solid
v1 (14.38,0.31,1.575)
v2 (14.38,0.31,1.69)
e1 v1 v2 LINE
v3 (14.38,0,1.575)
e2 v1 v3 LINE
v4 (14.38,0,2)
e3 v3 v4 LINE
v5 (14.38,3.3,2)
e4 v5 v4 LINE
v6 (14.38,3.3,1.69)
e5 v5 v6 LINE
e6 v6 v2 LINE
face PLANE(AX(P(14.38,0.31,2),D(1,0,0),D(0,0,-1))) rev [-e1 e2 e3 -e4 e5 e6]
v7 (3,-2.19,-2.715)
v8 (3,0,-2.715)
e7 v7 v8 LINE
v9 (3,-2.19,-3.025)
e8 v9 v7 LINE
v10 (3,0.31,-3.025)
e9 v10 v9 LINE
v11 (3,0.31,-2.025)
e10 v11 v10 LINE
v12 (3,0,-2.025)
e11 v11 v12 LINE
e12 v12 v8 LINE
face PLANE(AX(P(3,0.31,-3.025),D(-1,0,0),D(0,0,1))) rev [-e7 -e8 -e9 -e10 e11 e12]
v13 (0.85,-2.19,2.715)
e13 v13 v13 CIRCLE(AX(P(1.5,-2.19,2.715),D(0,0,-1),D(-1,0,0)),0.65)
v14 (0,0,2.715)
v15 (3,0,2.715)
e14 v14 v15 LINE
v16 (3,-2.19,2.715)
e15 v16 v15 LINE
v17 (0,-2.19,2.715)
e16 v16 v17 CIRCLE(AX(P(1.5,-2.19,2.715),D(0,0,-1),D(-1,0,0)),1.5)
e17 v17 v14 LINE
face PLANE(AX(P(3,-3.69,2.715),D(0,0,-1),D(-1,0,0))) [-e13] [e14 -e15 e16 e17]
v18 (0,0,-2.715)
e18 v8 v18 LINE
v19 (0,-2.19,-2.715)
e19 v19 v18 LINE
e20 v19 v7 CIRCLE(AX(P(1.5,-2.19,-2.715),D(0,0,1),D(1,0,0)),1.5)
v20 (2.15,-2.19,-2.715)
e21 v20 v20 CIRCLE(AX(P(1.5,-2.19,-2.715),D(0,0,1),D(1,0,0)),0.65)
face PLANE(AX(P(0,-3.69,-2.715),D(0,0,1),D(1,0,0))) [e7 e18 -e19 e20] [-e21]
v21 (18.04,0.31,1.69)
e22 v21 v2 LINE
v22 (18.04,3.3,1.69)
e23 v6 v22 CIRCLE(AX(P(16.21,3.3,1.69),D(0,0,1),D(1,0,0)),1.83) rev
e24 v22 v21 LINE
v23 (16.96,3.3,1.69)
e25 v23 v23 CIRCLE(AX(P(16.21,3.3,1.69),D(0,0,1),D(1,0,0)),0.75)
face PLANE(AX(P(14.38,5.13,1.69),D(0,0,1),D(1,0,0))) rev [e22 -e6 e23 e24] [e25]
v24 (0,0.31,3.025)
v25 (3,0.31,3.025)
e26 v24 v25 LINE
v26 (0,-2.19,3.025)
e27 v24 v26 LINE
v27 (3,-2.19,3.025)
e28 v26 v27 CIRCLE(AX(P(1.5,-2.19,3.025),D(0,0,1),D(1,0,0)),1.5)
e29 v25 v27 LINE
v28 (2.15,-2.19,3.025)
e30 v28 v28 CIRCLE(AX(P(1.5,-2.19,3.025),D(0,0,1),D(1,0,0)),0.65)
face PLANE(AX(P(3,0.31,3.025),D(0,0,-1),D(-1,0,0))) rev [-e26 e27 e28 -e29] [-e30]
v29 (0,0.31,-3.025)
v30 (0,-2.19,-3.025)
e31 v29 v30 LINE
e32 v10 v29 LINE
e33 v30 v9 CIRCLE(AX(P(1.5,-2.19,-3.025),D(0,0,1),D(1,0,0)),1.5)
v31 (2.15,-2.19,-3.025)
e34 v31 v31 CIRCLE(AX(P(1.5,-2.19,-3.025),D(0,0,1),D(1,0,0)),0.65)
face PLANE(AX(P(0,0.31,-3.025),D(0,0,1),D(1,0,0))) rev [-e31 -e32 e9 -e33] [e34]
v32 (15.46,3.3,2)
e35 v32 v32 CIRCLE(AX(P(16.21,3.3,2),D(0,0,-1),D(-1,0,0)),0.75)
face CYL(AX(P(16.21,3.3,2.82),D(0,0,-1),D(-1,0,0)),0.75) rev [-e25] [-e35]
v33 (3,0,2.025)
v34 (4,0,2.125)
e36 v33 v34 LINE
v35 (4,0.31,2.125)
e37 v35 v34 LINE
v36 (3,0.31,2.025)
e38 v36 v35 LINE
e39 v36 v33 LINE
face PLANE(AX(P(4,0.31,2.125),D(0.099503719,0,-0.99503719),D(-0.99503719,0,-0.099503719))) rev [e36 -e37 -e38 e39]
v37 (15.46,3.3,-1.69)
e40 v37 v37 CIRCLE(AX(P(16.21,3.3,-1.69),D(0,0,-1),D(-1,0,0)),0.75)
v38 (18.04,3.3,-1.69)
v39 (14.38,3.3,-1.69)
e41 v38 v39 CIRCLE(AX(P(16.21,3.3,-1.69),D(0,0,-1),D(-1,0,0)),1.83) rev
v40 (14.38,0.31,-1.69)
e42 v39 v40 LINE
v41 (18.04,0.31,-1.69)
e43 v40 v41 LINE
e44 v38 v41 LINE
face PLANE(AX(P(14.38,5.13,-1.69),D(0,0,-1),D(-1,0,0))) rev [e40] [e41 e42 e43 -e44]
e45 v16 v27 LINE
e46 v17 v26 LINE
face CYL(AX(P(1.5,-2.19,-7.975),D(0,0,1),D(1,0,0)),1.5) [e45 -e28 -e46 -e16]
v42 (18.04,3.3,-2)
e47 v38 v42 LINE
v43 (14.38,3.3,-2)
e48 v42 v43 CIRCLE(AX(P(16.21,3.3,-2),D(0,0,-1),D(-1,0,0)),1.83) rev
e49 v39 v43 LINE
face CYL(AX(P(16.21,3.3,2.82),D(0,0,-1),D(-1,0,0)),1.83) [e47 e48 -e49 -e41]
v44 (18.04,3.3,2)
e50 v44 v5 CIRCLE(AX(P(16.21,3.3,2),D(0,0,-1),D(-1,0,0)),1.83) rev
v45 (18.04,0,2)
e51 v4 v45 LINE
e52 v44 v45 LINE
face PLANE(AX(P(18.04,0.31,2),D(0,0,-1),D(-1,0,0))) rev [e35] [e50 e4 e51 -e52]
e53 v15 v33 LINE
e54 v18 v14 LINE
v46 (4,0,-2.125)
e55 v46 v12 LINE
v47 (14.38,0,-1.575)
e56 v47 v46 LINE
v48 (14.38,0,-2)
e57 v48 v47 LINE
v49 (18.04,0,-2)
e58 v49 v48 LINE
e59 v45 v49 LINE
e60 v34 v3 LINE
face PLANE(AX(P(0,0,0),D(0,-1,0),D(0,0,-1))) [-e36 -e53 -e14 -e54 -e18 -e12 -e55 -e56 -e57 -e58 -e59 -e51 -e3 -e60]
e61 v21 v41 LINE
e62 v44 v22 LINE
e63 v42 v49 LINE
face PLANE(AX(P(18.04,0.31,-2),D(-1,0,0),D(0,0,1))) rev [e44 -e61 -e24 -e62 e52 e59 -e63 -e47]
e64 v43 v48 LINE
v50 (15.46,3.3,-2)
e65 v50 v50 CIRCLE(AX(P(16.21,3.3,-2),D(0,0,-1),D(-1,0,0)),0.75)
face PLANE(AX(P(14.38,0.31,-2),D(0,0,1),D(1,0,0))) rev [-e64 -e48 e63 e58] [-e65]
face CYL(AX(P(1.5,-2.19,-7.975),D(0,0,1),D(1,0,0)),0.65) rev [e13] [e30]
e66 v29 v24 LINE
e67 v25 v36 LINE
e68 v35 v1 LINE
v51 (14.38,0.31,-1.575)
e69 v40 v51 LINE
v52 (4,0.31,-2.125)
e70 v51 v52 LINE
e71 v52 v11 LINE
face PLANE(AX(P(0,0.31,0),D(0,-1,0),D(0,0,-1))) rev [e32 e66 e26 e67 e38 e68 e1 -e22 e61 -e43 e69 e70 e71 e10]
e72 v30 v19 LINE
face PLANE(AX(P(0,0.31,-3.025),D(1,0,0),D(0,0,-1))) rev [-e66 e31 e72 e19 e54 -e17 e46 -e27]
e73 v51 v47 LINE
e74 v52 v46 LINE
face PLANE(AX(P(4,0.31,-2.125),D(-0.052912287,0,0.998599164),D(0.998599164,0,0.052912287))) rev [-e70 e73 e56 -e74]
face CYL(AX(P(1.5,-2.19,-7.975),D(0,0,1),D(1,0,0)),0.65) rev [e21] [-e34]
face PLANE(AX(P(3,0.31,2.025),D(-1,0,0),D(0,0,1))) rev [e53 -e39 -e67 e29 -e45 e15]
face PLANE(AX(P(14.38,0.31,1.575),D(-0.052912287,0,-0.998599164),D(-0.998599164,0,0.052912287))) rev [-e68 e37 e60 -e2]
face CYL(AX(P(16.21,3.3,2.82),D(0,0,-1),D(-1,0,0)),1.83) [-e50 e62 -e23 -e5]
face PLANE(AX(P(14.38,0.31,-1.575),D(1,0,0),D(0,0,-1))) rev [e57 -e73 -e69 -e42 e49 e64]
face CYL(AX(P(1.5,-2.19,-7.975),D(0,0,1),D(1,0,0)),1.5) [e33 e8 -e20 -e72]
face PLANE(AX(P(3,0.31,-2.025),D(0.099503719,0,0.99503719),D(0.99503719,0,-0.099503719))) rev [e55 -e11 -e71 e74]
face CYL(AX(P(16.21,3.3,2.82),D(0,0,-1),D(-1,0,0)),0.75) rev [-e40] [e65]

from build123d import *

# Parameters (mm, degrees)
BOSS_EXTRUDE1_DEPTH = 0.31
SKETCH2_W           = 3
SKETCH2_H           = 0.31
BOSS_EXTRUDE2_DEPTH = 4
SKETCH3_R           = 0.65
CUT_EXTRUDE1_DEPTH  = 11
SKETCH4_W           = 3.66
SKETCH4_H           = 0.31
BOSS_EXTRUDE3_DEPTH = 4.82
SKETCH5_R           = 0.75
CUT_EXTRUDE2_DEPTH  = 4.82


with BuildPart() as part:
    # Sketch1 → Boss-Extrude1 (new body)
    with BuildSketch(Plane(origin=(0, 0, 0), x_dir=(1, 0, 0), z_dir=(0, 1, 0))):
        Polygon((0, 3.025), (0, -3.025), (3, -3.025), (3, -2.025), (4, -2.125), (14.38, -1.575), (14.38, -2), (18.04, -2), (18.04, 2), (14.38, 2), (14.38, 1.575), (4, 2.125), (3, 2.025), (3, 3.025), align=None)
    extrude(amount=BOSS_EXTRUDE1_DEPTH)

    # Sketch2 → Boss-Extrude2 (add)
    with BuildSketch(Plane(origin=(0, 0.31, 0), x_dir=(1, 0, 0), z_dir=(0, 1, 0))):
        with Locations((1.5, 2.87)):
            Rectangle(SKETCH2_W, SKETCH2_H)
        with Locations((1.5, -2.87)):
            Rectangle(SKETCH2_W, SKETCH2_H)
    extrude(amount=-BOSS_EXTRUDE2_DEPTH)

    # Sketch3 → Cut-Extrude1 (cut)
    with BuildSketch(Plane.XY.offset(3.025)):
        with Locations((1.5, -2.19)):
            Circle(SKETCH3_R)
        with BuildLine():
            ThreePointArc((3, -2.19), (2.560660172, -3.250660172), (1.5, -3.69))
            Line((1.5, -3.69), (3, -3.69))
            Line((3, -3.69), (3, -2.19))
        make_face()
        with BuildLine():
            ThreePointArc((1.5, -3.69), (0.439339828, -3.250660172), (0, -2.19))
            Line((0, -2.19), (0, -3.69))
            Line((0, -3.69), (1.5, -3.69))
        make_face()
    extrude(amount=-CUT_EXTRUDE1_DEPTH, mode=Mode.SUBTRACT)

    # Sketch4 → Boss-Extrude3 (add)
    with BuildSketch(Plane(origin=(0, 0.31, 0), x_dir=(1, 0, 0), z_dir=(0, 1, 0))):
        with Locations((16.21, 1.845)):
            Rectangle(SKETCH4_W, SKETCH4_H)
        with Locations((16.21, -1.845)):
            Rectangle(SKETCH4_W, SKETCH4_H)
    extrude(amount=BOSS_EXTRUDE3_DEPTH)

    # Sketch5 → Cut-Extrude2 (cut)
    with BuildSketch(Plane(origin=(0, 0, -2), x_dir=(-1, 0, 0), z_dir=(0, 0, -1))):
        with BuildLine():
            Line((-18.04, 5.13), (-18.04, 3.3))
            ThreePointArc((-18.04, 3.3), (-17.50400541, 4.59400541), (-16.21, 5.13))
            Line((-16.21, 5.13), (-18.04, 5.13))
        make_face()
        with BuildLine():
            Line((-14.38, 5.13), (-16.21, 5.13))
            ThreePointArc((-16.21, 5.13), (-14.91599459, 4.59400541), (-14.38, 3.3))
            Line((-14.38, 3.3), (-14.38, 5.13))
        make_face()
        with Locations((-16.21, 3.3)):
            Circle(SKETCH5_R)
    extrude(amount=-CUT_EXTRUDE2_DEPTH, mode=Mode.SUBTRACT)


solid = part.part
